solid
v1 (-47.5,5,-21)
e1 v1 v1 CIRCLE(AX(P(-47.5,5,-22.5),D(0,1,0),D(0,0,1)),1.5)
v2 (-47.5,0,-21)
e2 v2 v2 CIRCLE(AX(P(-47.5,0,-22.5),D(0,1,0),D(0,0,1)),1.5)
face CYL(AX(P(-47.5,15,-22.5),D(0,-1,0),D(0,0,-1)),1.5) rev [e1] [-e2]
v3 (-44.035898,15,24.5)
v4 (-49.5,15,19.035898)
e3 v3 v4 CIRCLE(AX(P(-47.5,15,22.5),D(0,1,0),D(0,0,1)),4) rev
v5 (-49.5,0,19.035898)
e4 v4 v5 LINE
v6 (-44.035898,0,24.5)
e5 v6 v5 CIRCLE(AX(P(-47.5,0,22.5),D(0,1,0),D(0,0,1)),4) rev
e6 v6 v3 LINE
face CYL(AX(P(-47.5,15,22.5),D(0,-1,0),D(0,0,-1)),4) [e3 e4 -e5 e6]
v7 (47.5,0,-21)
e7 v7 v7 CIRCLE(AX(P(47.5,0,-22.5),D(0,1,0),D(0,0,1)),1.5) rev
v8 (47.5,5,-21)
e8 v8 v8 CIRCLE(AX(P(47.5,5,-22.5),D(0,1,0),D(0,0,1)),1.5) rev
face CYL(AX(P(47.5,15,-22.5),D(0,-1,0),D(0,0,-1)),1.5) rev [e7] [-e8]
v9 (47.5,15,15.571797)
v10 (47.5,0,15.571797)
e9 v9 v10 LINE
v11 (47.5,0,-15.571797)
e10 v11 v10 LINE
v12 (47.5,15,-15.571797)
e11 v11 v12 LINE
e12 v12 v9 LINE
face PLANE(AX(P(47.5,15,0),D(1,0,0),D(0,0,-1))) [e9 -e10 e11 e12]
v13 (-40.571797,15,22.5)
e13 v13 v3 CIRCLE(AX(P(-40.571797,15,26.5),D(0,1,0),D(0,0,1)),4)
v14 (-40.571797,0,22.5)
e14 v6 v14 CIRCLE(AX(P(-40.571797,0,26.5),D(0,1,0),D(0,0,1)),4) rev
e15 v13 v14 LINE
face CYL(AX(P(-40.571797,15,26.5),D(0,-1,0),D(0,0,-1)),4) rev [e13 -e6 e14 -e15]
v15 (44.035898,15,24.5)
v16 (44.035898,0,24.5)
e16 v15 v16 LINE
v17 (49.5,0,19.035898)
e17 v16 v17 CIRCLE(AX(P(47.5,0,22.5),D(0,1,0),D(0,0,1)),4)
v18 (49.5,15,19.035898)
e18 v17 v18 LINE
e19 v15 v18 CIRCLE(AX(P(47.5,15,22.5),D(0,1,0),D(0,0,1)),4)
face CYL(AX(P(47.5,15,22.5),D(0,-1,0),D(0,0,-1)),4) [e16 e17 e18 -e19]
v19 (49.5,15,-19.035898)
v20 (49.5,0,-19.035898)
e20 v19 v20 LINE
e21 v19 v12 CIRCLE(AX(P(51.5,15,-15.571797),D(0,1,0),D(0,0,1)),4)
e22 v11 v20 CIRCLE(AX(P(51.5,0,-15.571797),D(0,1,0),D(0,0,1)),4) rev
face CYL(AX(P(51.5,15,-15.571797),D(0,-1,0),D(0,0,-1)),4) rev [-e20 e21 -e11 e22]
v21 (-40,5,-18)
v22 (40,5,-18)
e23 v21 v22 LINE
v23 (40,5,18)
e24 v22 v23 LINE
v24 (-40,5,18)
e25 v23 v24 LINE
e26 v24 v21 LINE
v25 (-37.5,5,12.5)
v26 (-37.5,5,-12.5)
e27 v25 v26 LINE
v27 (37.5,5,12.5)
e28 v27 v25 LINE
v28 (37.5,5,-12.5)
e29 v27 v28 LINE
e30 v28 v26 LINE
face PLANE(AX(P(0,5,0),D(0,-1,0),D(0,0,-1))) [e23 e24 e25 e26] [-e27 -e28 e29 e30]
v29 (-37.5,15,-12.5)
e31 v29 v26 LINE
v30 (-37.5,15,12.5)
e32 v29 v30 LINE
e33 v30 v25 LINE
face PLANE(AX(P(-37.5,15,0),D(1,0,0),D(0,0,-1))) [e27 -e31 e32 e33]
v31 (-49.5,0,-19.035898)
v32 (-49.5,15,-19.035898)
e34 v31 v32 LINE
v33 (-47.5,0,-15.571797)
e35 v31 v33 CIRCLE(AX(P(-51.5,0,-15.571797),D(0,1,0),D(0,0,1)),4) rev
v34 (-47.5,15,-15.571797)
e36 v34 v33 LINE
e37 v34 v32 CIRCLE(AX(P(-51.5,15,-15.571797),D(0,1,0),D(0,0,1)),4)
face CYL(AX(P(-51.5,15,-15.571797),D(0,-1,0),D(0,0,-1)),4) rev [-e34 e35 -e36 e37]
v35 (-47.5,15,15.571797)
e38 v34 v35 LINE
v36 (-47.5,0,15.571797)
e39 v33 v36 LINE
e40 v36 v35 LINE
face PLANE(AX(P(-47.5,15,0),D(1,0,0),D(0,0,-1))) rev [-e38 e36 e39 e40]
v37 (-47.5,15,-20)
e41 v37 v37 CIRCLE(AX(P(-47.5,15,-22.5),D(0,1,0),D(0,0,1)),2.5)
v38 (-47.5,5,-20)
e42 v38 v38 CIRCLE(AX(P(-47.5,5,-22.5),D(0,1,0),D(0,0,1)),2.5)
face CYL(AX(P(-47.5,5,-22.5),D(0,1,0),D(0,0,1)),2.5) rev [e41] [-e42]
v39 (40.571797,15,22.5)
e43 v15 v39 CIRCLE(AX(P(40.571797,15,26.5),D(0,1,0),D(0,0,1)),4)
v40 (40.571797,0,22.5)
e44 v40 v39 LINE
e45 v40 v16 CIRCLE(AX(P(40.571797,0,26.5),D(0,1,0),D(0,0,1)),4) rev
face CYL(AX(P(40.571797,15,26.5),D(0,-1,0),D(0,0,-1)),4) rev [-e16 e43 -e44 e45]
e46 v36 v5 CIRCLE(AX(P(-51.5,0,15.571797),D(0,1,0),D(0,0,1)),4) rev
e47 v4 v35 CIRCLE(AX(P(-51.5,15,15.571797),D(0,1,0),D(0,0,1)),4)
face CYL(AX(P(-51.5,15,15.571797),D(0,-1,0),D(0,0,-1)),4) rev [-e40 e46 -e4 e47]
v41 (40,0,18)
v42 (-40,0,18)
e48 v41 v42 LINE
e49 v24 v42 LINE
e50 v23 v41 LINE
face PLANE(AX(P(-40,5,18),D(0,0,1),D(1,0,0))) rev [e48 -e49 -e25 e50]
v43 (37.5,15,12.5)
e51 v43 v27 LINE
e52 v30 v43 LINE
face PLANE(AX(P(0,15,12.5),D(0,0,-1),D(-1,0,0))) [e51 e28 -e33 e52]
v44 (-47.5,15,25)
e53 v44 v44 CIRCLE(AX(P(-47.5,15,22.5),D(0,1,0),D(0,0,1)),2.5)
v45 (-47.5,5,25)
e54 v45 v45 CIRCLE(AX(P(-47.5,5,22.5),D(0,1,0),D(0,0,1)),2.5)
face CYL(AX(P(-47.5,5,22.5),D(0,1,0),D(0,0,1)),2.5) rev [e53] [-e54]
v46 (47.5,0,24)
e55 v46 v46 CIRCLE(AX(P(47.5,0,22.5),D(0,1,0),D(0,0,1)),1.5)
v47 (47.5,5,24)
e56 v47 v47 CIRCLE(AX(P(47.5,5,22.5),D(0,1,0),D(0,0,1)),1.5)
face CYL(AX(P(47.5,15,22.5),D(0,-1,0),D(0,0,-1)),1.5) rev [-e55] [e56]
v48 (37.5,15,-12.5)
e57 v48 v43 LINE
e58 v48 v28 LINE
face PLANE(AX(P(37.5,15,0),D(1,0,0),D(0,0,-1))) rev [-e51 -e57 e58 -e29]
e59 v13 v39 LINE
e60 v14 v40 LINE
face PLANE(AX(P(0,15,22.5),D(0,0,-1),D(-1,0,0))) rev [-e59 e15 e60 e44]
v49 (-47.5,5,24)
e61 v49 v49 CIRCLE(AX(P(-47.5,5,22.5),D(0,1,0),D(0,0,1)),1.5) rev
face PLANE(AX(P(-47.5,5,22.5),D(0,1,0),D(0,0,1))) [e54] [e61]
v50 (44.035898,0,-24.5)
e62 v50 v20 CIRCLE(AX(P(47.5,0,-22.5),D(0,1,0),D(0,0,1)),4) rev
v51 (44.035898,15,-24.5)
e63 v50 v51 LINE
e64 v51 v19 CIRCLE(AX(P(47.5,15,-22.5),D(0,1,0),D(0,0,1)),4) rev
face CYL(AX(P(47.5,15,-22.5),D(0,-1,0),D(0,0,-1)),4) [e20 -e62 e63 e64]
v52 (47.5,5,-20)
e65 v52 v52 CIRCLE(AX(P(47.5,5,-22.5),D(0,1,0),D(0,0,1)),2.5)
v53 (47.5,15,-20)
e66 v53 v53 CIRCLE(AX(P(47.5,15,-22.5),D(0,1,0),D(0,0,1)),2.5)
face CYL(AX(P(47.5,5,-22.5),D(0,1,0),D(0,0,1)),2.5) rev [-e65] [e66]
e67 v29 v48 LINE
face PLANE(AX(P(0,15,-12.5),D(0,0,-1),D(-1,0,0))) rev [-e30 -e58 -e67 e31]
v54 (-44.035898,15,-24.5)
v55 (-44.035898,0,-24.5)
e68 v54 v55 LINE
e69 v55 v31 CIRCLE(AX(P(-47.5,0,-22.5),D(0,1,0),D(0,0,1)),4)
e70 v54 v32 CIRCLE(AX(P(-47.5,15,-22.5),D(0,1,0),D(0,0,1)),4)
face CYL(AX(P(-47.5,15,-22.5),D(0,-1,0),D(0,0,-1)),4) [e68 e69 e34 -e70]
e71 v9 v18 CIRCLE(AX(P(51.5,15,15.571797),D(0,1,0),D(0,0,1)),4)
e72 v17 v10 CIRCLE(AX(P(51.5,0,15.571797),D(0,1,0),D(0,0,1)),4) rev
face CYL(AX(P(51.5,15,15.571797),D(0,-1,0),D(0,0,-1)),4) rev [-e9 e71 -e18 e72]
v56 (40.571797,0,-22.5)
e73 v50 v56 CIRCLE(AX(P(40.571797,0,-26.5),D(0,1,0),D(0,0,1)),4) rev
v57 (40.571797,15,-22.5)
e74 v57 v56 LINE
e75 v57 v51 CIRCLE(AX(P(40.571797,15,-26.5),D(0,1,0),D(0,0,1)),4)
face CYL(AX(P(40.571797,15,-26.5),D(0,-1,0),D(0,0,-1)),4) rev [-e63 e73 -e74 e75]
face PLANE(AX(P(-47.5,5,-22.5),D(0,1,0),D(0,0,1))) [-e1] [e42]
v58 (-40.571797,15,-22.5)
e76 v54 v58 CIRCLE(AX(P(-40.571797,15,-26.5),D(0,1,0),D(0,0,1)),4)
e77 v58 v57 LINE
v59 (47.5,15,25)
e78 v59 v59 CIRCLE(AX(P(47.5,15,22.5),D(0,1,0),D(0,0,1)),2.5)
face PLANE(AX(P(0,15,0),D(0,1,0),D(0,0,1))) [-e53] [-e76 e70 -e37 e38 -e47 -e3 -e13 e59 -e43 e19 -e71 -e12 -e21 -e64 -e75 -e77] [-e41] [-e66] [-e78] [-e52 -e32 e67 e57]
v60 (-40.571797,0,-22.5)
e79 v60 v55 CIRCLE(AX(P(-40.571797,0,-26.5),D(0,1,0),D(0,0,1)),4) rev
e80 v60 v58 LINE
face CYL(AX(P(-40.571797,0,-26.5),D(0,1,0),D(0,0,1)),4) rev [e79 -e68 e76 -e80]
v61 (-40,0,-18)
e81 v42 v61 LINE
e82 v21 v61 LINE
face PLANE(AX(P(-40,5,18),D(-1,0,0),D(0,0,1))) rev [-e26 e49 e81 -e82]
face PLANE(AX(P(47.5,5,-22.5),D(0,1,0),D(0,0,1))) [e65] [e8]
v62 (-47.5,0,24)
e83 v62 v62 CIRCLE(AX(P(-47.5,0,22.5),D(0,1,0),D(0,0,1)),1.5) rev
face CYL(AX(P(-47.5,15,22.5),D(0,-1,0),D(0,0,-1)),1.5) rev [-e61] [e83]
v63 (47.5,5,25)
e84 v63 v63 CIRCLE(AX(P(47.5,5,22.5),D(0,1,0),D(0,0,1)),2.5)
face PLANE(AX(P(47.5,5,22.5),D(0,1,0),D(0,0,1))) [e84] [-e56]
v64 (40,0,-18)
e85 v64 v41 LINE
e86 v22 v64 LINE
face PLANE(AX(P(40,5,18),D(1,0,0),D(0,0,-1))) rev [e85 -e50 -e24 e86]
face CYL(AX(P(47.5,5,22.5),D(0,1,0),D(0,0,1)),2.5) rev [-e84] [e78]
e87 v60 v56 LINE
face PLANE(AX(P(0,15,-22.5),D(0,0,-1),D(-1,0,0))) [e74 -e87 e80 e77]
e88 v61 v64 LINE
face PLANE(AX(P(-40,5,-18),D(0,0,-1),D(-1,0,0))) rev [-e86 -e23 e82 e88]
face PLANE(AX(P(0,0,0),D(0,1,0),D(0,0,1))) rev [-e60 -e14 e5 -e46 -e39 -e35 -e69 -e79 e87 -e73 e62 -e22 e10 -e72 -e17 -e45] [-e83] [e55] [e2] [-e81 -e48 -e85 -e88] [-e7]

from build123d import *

# Parameters (mm, degrees)
SKETCH2_R           = 1.5
SKETCH2_W           = 75
SKETCH2_H           = 25
BOSS_EXTRUDE1_DEPTH = 15
FILLET3_R           = 4
FILLET4_R           = 4
FILLET5_R           = 4
FILLET6_R           = 4
FILLET7_R           = 4
FILLET8_R           = 4
FILLET9_R           = 4
FILLET10_R          = 4
SKETCH3_R           = 2.5
CUT_EXTRUDE1_DEPTH  = 10
SKETCH5_W           = 80
SKETCH5_H           = 36
CUT_EXTRUDE2_DEPTH  = 5


with BuildPart() as part:
    # Sketch2 → Boss-Extrude1 (new body)
    with BuildSketch(Plane(origin=(0, 0, 0), x_dir=(1, 0, 0), z_dir=(0, 1, 0))):
        with BuildLine():
            ThreePointArc((-43.5, 22.5), (-50.328427125, 25.328427125), (-47.5, 18.5))
            Line((-47.5, 18.5), (-47.5, -18.5))
            ThreePointArc((-47.5, -18.5), (-50.328427125, -25.328427125), (-43.5, -22.5))
            Line((-43.5, -22.5), (43.5, -22.5))
            ThreePointArc((43.5, -22.5), (50.328427125, -25.328427125), (47.5, -18.5))
            Line((47.5, -18.5), (47.5, 18.5))
            ThreePointArc((47.5, 18.5), (50.328427125, 25.328427125), (43.5, 22.5))
            Line((43.5, 22.5), (-43.5, 22.5))
        make_face()
        with Locations(Location((-47.5, 22.5, 0), (0, 0, 270))):
            Circle(SKETCH2_R, mode=Mode.SUBTRACT)
        with Locations(Location((-47.5, -22.5, 0), (0, 0, 270))):
            Circle(SKETCH2_R, mode=Mode.SUBTRACT)
        Rectangle(SKETCH2_W, SKETCH2_H, mode=Mode.SUBTRACT)
        with Locations(Location((47.5, 22.5, 0), (0, 0, 270))):
            Circle(SKETCH2_R, mode=Mode.SUBTRACT)
        with Locations(Location((47.5, -22.5, 0), (0, 0, 270))):
            Circle(SKETCH2_R, mode=Mode.SUBTRACT)
    extrude(amount=BOSS_EXTRUDE1_DEPTH)

    # Fillet3
    fillet3_edges = [part.edges().sort_by_distance(p)[0] for p in [
        (-43.5, 7.5, -22.5),
    ]]
    fillet(fillet3_edges, radius=FILLET3_R)

    # Fillet4
    fillet4_edges = [part.edges().sort_by_distance(p)[0] for p in [
        (-47.5, 7.5, -18.5),
    ]]
    fillet(fillet4_edges, radius=FILLET4_R)

    # Fillet5
    fillet5_edges = [part.edges().sort_by_distance(p)[0] for p in [
        (47.5, 7.5, -18.5),
    ]]
    fillet(fillet5_edges, radius=FILLET5_R)

    # Fillet6
    fillet6_edges = [part.edges().sort_by_distance(p)[0] for p in [
        (43.5, 7.5, -22.5),
    ]]
    fillet(fillet6_edges, radius=FILLET6_R)

    # Fillet7
    fillet7_edges = [part.edges().sort_by_distance(p)[0] for p in [
        (47.5, 7.5, 18.5),
    ]]
    fillet(fillet7_edges, radius=FILLET7_R)

    # Fillet8
    fillet8_edges = [part.edges().sort_by_distance(p)[0] for p in [
        (43.5, 7.5, 22.5),
    ]]
    fillet(fillet8_edges, radius=FILLET8_R)

    # Fillet9
    fillet9_edges = [part.edges().sort_by_distance(p)[0] for p in [
        (-43.5, 7.5, 22.5),
    ]]
    fillet(fillet9_edges, radius=FILLET9_R)

    # Fillet10
    fillet10_edges = [part.edges().sort_by_distance(p)[0] for p in [
        (-47.5, 7.5, 18.5),
    ]]
    fillet(fillet10_edges, radius=FILLET10_R)

    # Sketch3 → Cut-Extrude1 (cut)
    with BuildSketch(Plane(origin=(0, 15, 0), x_dir=(1, 0, 0), z_dir=(0, 1, 0))):
        with Locations(Location((-47.5, 22.5, 0), (0, 0, 270))):
            Circle(SKETCH3_R)
        with Locations(Location((47.5, 22.5, 0), (0, 0, 270))):
            Circle(SKETCH3_R)
        with Locations(Location((47.5, -22.5, 0), (0, 0, 270))):
            Circle(SKETCH3_R)
        with Locations(Location((-47.5, -22.5, 0), (0, 0, 270))):
            Circle(SKETCH3_R)
    extrude(amount=-CUT_EXTRUDE1_DEPTH, mode=Mode.SUBTRACT)

    # Sketch5 → Cut-Extrude2 (cut)
    with BuildSketch(Plane(origin=(0, 0, 0), x_dir=(-1, 0, 0), z_dir=(0, -1, 0))):
        Rectangle(SKETCH5_W, SKETCH5_H)
    extrude(amount=-CUT_EXTRUDE2_DEPTH, mode=Mode.SUBTRACT)


solid = part.part
